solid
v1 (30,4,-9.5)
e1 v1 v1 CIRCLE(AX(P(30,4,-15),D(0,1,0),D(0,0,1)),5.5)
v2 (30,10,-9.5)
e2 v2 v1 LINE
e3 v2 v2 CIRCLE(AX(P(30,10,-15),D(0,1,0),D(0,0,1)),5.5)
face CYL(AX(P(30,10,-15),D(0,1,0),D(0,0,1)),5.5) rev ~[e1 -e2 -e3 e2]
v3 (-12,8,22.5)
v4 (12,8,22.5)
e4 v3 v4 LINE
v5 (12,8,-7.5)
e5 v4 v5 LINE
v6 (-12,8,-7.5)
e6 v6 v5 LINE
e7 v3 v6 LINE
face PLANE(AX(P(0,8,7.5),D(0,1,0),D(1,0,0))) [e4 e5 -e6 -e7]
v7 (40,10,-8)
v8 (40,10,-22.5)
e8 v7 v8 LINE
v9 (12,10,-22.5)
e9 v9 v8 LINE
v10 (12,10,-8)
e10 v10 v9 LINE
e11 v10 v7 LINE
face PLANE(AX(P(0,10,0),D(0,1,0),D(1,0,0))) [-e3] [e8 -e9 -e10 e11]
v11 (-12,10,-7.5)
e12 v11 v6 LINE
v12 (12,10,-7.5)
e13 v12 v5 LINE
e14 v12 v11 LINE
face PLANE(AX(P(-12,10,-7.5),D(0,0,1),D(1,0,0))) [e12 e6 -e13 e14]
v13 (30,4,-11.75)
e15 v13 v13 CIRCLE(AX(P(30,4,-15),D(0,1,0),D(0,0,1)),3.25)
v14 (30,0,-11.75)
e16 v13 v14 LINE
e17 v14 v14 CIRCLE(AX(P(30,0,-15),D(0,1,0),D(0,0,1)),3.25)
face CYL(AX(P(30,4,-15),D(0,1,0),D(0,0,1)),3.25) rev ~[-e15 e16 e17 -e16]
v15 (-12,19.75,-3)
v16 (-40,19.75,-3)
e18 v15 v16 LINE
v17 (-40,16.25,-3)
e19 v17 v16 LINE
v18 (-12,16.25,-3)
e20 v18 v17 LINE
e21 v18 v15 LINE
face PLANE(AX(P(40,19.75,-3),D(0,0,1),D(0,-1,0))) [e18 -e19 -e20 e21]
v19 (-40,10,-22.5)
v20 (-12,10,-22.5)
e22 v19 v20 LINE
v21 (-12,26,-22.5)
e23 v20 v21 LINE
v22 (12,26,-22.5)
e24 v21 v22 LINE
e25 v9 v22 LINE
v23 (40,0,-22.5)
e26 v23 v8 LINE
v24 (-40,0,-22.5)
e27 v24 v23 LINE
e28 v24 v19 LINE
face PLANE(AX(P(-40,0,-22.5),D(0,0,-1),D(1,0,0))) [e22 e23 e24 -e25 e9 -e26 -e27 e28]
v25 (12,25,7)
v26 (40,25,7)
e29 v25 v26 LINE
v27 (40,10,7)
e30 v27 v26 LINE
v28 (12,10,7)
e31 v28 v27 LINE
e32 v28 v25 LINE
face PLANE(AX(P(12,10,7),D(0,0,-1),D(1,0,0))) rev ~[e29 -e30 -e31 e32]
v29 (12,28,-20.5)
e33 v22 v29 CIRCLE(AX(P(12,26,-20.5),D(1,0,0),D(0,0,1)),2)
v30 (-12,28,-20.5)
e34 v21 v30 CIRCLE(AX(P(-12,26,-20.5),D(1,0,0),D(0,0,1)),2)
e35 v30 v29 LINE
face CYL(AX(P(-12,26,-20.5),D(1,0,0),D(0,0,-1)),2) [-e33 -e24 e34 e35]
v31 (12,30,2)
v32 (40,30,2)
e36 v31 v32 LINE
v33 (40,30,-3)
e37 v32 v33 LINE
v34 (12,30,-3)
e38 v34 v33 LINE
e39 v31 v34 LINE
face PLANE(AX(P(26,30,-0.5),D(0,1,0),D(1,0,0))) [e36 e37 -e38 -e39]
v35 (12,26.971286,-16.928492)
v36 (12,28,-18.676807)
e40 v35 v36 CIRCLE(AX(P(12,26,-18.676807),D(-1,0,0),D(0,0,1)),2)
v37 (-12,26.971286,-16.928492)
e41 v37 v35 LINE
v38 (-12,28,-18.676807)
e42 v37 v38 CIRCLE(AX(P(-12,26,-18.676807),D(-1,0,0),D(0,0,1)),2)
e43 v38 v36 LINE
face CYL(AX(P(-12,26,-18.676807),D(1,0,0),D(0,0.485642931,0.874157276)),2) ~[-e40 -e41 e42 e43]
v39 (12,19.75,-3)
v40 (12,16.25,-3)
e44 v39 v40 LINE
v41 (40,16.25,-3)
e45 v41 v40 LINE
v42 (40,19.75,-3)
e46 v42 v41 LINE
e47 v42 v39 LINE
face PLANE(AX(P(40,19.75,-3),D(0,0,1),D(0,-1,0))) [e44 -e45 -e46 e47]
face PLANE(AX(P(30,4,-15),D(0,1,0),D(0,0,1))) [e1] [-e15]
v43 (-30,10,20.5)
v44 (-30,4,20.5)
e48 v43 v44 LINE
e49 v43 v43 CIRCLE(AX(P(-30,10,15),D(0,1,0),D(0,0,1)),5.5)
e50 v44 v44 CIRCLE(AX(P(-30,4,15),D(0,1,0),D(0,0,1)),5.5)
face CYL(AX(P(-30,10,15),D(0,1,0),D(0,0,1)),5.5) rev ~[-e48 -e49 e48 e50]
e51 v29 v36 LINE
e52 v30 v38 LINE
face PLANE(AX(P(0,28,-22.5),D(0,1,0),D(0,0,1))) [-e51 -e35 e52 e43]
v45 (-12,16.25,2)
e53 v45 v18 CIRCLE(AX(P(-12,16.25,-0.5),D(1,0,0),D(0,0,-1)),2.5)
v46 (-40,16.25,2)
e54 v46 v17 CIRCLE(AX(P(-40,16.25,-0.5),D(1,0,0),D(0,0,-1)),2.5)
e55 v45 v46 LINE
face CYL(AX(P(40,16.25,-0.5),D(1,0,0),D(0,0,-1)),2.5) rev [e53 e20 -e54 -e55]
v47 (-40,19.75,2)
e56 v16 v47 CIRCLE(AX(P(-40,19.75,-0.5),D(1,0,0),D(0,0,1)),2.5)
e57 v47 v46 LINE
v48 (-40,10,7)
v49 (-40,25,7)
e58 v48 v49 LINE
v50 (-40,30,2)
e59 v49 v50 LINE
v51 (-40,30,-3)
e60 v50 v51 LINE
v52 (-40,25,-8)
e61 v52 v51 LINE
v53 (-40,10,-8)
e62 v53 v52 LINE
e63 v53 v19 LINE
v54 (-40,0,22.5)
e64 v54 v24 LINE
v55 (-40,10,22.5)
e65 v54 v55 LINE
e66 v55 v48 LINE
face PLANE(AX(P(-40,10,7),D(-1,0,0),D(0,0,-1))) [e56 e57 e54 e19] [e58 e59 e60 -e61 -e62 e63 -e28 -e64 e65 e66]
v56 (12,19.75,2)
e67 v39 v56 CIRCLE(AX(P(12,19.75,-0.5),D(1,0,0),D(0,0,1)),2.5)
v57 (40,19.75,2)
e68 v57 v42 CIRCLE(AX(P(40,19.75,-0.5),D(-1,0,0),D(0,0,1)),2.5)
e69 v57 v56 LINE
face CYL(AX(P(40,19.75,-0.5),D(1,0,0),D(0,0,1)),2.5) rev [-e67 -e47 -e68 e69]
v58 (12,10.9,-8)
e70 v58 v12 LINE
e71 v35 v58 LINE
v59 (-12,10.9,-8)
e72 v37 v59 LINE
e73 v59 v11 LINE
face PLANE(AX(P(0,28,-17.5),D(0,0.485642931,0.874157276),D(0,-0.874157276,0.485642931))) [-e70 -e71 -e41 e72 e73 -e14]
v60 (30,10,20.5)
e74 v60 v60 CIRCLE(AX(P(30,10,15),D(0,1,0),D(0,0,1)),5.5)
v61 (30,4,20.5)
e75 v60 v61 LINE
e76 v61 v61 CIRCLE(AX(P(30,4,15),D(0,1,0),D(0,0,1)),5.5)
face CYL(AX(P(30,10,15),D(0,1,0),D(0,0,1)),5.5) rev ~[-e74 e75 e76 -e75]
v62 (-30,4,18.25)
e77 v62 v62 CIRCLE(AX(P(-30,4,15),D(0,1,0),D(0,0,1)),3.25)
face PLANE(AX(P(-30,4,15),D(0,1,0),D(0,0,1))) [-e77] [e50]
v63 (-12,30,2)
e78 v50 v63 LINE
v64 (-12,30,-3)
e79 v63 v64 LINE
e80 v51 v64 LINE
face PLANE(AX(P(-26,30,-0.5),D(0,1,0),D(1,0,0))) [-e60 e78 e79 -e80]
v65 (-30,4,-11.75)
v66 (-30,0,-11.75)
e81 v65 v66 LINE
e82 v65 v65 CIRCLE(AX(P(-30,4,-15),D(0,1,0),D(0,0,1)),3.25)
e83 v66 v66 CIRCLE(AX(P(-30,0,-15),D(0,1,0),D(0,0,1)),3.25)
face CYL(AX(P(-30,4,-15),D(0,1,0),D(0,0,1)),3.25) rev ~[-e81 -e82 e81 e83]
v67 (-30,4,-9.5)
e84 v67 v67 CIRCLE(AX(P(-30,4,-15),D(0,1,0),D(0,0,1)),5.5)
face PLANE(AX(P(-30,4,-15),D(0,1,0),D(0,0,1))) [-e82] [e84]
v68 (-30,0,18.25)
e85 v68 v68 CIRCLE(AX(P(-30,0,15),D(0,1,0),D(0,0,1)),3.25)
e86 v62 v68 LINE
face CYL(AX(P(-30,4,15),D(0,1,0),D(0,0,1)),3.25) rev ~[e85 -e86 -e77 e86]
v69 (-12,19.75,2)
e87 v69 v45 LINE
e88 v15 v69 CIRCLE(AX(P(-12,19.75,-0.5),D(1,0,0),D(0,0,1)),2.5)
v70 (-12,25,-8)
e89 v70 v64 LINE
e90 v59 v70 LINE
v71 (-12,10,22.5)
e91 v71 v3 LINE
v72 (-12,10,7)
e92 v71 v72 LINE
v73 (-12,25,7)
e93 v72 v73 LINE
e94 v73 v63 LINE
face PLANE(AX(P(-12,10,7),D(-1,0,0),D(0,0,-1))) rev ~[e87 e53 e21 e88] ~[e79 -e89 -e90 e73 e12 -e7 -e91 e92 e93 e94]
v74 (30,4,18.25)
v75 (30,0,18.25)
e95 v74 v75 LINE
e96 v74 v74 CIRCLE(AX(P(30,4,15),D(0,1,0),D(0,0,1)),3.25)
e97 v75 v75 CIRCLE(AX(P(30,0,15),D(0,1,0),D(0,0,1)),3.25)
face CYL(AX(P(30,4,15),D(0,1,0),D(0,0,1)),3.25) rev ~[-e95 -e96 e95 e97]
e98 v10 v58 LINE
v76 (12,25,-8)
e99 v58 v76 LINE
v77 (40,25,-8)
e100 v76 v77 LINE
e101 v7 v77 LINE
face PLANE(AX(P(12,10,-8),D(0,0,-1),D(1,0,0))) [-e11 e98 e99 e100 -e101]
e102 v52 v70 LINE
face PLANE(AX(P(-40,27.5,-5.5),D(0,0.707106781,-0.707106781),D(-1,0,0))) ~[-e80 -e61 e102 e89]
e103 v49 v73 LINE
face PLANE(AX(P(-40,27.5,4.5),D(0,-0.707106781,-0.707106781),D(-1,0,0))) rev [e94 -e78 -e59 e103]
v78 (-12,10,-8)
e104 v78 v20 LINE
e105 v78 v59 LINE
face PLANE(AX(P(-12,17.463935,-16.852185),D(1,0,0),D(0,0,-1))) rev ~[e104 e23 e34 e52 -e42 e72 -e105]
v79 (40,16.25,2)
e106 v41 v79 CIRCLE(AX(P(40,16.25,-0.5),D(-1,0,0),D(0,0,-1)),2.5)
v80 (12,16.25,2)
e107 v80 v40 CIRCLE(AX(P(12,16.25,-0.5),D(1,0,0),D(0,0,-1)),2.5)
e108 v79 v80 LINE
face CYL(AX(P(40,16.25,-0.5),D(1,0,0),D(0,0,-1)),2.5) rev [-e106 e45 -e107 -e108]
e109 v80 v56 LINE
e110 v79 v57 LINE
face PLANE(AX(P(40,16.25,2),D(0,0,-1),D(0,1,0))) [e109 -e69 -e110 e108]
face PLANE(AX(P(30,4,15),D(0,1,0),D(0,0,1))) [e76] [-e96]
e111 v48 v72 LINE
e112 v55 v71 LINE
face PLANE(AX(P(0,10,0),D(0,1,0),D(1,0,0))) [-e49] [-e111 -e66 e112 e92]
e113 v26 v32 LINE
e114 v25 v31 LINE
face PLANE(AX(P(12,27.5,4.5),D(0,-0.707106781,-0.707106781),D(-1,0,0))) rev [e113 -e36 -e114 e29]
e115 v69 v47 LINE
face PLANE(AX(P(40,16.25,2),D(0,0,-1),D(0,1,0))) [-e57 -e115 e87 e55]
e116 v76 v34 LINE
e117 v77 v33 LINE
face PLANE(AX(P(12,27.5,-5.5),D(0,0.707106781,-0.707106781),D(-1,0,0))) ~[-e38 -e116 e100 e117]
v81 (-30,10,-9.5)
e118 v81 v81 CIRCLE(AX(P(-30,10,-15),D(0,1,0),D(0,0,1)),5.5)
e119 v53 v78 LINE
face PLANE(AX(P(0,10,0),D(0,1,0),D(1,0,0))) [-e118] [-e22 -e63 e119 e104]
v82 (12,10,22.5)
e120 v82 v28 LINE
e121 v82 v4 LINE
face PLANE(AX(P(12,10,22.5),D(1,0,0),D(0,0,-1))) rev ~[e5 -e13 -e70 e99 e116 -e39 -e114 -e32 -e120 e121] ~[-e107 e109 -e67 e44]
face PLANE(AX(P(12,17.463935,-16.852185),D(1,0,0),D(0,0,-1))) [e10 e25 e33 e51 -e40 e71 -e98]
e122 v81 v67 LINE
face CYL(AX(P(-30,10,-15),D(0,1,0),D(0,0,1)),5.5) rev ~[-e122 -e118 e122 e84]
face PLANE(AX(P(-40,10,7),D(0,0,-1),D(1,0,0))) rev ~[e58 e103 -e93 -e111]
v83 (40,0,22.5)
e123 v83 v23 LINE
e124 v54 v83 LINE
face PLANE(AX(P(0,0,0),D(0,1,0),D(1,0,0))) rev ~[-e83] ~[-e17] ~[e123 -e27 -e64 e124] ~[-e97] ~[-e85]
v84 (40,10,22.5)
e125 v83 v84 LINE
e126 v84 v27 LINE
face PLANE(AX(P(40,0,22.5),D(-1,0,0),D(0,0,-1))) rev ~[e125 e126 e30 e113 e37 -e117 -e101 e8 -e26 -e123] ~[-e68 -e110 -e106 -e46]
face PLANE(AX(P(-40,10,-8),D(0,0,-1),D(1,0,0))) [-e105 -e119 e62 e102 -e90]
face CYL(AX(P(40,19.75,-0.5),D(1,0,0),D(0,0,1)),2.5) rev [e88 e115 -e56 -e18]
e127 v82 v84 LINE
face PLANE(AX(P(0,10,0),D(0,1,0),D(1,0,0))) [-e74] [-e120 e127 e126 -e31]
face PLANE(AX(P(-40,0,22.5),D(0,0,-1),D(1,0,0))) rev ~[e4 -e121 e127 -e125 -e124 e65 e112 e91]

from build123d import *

# Parameters (mm, degrees)
SKETCH_2_W          = 80
SKETCH_2_H          = 45
EXTRUDE_1_DEPTH     = 10
EXTRUDE_2_DEPTH     = 12
FILLET_1_R          = 2
SKETCH_4_W          = 24
SKETCH_4_H          = 30
CUT_EXTRUDE_1_DEPTH = 2
SKETCH_5_W          = 28
SKETCH_5_H          = 15
EXTRUDE_3_DEPTH     = 20
CHAMFER_1_SIZE      = 5
CUT_EXTRUDE_2_DEPTH = 89.352985235
SKETCH_8_R          = 5.5
CUT_EXTRUDE_3_DEPTH = 6
SKETCH_9_R          = 3.25
CUT_EXTRUDE_4_DEPTH = 53.747037832


with BuildPart() as part:
    # 스케치2 → 보스-돌출1 (new body)
    with BuildSketch(Plane(origin=(0, 0, 0), x_dir=(1, 0, 0), z_dir=(0, 1, 0))):
        Rectangle(SKETCH_2_W, SKETCH_2_H)
    extrude(amount=EXTRUDE_1_DEPTH)

    # 스케치3 → 보스-돌출2 (add, symmetric)
    with BuildSketch(Plane(origin=(0, 0, 0), x_dir=(0, 0, -1), z_dir=(1, 0, 0))):
        Polygon((22.5, 10), (22.5, 28), (17.5, 28), (7.5, 10), align=None)
    extrude(amount=EXTRUDE_2_DEPTH, both=True)

    # 필렛1
    fillet_1_edges = [part.edges().sort_by_distance(p)[0] for p in [
        (0, 28, -22.5),
        (0, 28, -17.5),
    ]]
    fillet(fillet_1_edges, radius=FILLET_1_R)

    # 스케치4 → 컷-돌출1 (cut)
    with BuildSketch(Plane(origin=(0, 10, 0), x_dir=(1, 0, 0), z_dir=(0, 1, 0))):
        with Locations((0, -7.5)):
            Rectangle(SKETCH_4_W, SKETCH_4_H)
    extrude(amount=-CUT_EXTRUDE_1_DEPTH, mode=Mode.SUBTRACT)

    # 스케치5 → 보스-돌출3 (add)
    with BuildSketch(Plane(origin=(0, 10, 0), x_dir=(1, 0, 0), z_dir=(0, 1, 0))):
        with Locations((-26, 0.5)):
            Rectangle(SKETCH_5_W, SKETCH_5_H)
        with Locations((26, 0.5)):
            Rectangle(SKETCH_5_W, SKETCH_5_H)
    extrude(amount=EXTRUDE_3_DEPTH)

    # 모따기1
    chamfer_1_edges = [part.edges().sort_by_distance(p)[0] for p in [
        (-26, 30, 7),
        (-26, 30, -8),
        (26, 30, -8),
        (26, 30, 7),
    ]]
    chamfer(chamfer_1_edges, length=CHAMFER_1_SIZE)

    # 스케치6 → 컷-돌출2 (cut, through all)
    with BuildSketch(Plane(origin=(40, 0, 0), x_dir=(0, 0, -1), z_dir=(1, 0, 0))):
        with BuildLine():
            Line((3, 19.75), (3, 16.25))
            ThreePointArc((3, 16.25), (0.5, 13.75), (-2, 16.25))
            Line((-2, 16.25), (-2, 19.75))
            ThreePointArc((-2, 19.75), (0.5, 22.25), (3, 19.75))
        make_face()
    extrude(amount=-CUT_EXTRUDE_2_DEPTH, mode=Mode.SUBTRACT)

    # 스케치8 → 컷-돌출3 (cut)
    with BuildSketch(Plane(origin=(0, 10, 0), x_dir=(1, 0, 0), z_dir=(0, 1, 0))):
        with Locations(Location((-30, 15, 0), (0, 0, 270))):
            Circle(SKETCH_8_R)
        with Locations(Location((-30, -15, 0), (0, 0, 270))):
            Circle(SKETCH_8_R)
        with Locations(Location((30, -15, 0), (0, 0, 270))):
            Circle(SKETCH_8_R)
        with Locations(Location((30, 15, 0), (0, 0, 270))):
            Circle(SKETCH_8_R)
    extrude(amount=-CUT_EXTRUDE_3_DEPTH, mode=Mode.SUBTRACT)

    # 스케치9 → 컷-돌출4 (cut, through all)
    with BuildSketch(Plane(origin=(0, 4, 0), x_dir=(1, 0, 0), z_dir=(0, 1, 0))):
        with Locations(Location((-30, 15, 0), (0, 0, 270))):
            Circle(SKETCH_9_R)
        with Locations(Location((30, 15, 0), (0, 0, 270))):
            Circle(SKETCH_9_R)
        with Locations(Location((30, -15, 0), (0, 0, 270))):
            Circle(SKETCH_9_R)
        with Locations(Location((-30, -15, 0), (0, 0, 270))):
            Circle(SKETCH_9_R)
    extrude(amount=-CUT_EXTRUDE_4_DEPTH, mode=Mode.SUBTRACT)


solid = part.part
